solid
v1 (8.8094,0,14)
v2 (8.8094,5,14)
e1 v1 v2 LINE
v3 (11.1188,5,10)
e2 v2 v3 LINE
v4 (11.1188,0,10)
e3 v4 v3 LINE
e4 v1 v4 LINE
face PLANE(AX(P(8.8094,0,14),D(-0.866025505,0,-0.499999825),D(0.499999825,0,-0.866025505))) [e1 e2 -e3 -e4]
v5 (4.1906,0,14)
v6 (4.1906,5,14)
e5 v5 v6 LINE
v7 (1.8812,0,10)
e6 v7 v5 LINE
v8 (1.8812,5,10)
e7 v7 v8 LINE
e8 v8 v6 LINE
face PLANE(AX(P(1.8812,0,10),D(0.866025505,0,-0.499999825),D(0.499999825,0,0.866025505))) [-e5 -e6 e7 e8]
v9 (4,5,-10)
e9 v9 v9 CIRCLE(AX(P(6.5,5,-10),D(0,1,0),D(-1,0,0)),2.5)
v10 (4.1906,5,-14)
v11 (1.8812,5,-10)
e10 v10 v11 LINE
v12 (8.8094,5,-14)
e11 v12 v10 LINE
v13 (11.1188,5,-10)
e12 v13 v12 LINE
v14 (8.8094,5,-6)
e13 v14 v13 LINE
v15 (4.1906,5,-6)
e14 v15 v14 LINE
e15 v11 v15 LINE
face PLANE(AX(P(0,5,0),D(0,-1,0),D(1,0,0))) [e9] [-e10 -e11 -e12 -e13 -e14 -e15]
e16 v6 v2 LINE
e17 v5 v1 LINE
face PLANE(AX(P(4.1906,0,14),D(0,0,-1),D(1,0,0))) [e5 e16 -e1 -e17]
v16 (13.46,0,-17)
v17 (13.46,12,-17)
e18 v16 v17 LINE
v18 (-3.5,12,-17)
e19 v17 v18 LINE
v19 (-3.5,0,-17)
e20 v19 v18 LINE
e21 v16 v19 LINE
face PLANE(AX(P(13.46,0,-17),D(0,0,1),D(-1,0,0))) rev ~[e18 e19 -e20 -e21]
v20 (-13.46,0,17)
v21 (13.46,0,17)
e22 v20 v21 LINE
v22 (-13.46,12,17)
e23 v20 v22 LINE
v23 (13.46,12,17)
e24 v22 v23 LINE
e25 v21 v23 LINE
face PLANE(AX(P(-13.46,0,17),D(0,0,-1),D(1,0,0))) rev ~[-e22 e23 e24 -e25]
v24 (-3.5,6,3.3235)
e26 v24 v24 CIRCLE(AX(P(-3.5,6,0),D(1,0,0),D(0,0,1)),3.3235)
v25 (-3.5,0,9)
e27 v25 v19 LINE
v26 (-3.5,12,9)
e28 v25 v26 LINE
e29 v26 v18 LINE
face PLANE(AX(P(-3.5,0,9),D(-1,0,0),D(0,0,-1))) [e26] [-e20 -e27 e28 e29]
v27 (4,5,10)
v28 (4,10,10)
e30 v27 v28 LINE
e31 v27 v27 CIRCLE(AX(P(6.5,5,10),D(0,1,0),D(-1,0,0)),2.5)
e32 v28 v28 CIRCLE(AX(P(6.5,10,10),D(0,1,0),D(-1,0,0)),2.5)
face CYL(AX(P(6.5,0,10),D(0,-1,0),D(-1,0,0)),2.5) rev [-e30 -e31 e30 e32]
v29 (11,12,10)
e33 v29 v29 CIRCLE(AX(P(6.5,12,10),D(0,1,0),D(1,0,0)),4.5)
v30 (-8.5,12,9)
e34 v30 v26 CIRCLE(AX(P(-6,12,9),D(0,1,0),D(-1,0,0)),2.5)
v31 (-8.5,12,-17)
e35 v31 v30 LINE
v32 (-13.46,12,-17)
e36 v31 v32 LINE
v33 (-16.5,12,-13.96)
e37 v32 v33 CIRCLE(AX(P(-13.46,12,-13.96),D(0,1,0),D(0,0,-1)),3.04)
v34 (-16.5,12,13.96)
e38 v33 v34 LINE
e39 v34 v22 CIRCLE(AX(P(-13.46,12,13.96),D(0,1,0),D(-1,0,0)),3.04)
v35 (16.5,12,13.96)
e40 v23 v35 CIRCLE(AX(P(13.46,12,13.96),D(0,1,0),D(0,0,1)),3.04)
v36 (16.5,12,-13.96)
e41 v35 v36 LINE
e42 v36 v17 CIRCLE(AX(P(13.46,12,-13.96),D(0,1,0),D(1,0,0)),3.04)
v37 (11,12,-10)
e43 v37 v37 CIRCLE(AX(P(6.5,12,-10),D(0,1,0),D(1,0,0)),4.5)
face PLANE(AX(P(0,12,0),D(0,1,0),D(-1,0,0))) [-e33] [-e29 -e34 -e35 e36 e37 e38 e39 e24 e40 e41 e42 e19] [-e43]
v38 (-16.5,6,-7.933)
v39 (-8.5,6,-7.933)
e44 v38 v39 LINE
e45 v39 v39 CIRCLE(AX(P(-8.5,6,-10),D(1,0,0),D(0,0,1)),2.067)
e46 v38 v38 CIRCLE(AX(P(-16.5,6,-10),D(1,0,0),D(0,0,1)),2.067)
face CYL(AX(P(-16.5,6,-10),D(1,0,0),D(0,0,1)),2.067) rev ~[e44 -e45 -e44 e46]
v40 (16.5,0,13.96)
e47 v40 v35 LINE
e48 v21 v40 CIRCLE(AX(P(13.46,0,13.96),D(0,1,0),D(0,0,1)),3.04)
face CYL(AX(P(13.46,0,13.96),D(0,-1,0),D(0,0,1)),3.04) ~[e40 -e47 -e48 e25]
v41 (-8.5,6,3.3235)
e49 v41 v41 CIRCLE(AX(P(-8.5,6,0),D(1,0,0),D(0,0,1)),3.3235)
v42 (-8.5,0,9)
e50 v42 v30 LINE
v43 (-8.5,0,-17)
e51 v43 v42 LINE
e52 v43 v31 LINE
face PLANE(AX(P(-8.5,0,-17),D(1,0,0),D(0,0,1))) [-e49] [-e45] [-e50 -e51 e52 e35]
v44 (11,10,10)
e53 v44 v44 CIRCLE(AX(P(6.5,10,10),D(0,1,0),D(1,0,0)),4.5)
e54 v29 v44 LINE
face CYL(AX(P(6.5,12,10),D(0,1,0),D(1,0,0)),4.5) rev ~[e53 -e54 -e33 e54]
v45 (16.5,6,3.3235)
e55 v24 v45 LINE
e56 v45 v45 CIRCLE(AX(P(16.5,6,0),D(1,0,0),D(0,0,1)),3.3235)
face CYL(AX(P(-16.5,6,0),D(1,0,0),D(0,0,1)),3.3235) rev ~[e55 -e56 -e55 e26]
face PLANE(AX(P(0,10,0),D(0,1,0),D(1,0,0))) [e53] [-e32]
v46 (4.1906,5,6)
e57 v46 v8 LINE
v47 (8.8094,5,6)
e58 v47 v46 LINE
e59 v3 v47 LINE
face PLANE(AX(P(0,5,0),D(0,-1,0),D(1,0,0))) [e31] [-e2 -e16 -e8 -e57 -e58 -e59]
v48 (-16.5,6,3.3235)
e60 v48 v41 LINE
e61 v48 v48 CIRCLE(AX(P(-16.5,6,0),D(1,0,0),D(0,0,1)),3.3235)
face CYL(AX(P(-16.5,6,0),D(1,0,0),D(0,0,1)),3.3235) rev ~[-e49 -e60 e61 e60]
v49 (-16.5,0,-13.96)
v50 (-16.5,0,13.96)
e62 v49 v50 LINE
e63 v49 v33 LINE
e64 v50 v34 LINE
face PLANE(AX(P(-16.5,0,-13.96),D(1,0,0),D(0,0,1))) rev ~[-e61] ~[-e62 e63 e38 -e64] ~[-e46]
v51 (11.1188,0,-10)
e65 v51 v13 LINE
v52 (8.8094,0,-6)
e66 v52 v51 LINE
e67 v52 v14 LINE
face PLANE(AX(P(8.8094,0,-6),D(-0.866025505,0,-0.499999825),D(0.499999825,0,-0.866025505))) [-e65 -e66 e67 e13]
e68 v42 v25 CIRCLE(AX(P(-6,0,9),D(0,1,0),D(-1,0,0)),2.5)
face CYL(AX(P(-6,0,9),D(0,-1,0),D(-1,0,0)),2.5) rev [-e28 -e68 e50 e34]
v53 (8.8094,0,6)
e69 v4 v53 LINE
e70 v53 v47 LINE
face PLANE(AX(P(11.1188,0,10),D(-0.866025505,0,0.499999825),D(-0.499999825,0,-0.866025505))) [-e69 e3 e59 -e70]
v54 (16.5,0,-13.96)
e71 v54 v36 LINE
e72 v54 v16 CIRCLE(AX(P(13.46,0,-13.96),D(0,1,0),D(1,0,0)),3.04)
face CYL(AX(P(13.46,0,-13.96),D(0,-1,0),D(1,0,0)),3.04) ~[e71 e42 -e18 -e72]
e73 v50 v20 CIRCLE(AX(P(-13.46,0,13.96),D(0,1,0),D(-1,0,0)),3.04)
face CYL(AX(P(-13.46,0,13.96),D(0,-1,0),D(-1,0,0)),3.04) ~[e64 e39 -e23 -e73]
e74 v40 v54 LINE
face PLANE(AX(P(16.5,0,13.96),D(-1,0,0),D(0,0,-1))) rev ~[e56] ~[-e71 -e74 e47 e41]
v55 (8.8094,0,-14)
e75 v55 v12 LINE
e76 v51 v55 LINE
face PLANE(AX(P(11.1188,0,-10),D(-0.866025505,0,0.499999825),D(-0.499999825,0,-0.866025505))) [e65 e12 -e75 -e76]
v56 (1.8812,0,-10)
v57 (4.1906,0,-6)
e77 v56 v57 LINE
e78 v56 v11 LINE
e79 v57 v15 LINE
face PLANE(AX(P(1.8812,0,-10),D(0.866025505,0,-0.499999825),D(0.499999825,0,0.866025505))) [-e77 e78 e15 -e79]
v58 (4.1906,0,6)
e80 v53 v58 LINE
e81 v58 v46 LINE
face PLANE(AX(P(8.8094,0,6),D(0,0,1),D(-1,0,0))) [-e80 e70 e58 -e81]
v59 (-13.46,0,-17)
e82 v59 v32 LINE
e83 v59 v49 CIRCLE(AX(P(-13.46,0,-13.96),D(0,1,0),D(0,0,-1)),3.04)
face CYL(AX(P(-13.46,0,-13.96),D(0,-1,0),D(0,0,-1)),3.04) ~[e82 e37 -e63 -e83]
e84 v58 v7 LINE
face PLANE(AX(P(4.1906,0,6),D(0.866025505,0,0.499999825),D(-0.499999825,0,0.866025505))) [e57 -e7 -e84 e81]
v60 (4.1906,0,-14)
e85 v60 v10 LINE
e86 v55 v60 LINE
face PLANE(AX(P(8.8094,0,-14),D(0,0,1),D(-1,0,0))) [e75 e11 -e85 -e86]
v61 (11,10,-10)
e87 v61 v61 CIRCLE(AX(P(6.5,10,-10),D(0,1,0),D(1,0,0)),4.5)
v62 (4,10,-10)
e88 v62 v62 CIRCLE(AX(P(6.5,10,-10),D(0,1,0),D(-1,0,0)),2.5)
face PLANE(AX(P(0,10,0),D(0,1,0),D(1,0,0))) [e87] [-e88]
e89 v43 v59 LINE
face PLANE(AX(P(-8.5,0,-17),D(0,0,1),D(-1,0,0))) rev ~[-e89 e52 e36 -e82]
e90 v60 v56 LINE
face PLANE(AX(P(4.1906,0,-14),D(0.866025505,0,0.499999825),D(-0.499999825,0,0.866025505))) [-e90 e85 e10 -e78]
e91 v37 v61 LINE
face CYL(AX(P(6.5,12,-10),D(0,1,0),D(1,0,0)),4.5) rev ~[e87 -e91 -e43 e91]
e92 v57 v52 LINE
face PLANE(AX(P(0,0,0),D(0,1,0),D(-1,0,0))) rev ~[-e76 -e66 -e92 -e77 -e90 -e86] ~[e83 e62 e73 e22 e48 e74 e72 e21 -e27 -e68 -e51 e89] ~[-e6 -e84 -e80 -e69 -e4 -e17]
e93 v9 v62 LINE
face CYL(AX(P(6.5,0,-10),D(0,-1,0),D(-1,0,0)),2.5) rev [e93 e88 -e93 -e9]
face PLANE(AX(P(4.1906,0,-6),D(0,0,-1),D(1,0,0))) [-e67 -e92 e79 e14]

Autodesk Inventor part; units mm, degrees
ref_plane "YZ Plane" through (0, 0, 0) normal (1, 0, 0) x (0, 1, 0)
ref_plane "XZ Plane" through (0, 0, 0) normal (0, 1, 0) x (-1, 0, 0)
ref_plane "XY Plane" through (0, 0, 0) normal (0, 0, 1) x (1, 0, 0)
sketch "Sketch1" plane through (0, 0, 0) normal (0, 1, 0) x (-1, 0, 0)
  line L0 (13.46, 17) -> (-13.46, 17)
  line L1 (-16.5, 13.96) -> (-16.5, -13.96)
  line L2 (16.5, -13.96) -> (16.5, 13.96)
  line L3 (6, -19) -> (6, 9) construction
  line L4 (8.5, -17) -> (8.5, 9)
  line L5 (3.5, 9) -> (3.5, -17)
  arc A0 (8.5, 9) -> (3.5, 9) centre (6, 9) ccw
  circle A1 centre (-6.5, 10) radius 2.5
  circle A2 centre (-6.5, -10) radius 2.5
  line L6 (-13.46, -17) -> (3.5, -17)
  line L7 (8.5, -17) -> (13.46, -17)
  arc A3 (13.46, -17) -> (16.5, -13.96) centre (13.46, -13.96) ccw
  arc A4 (16.5, 13.96) -> (13.46, 17) centre (13.46, 13.96) ccw
  arc A5 (-13.46, 17) -> (-16.5, 13.96) centre (-13.46, 13.96) ccw
  arc A6 (-16.5, -13.96) -> (-13.46, -17) centre (-13.46, -13.96) ccw
  point P0 (0, 0)
  point P1 (-16.5, -17)
  point P2 (-16.5, 17)
  point P3 (16.5, -17)
  point P4 (16.5, 0)
  point P5 (0, -17)
  point P6 (6, -5)
  dimension "d0" = 33
  dimension "d1" = 34
  dimension "d2" = 5
  dimension "d4" = 28
  dimension "d5" = 8
  dimension "d6" = 5
  dimension "d7" = 5
  dimension "d8" = 20
  dimension "d9" = 10
  dimension "d10" = 7
  dimension "d11" = 3.04
extrude "Extrusion1" add sketch "Sketch1" along normal blind 12
sketch "Sketch2" plane through (-16.5, 0, -13.96) normal (-1, 0, 0) x (0, 0, 1)
  circle A0 centre (13.96, 6) radius 4
  circle A1 centre (3.96, 6) radius 2.5
  line L0 (0, 0) -> (27.92, 0) projected
  point P0 (13.96, 0)
  point P1 (13.96, 0)
  dimension "d14" = 8
  dimension "d15" = 5
  dimension "d16" = 6
  dimension "d17" = 10
hole "Hole1" at (-16.5, 6, 0) direction (1, 0, 0) diameter 6.647 depth 40 tip angle 118 thread size "M8x1.25" class "6H" standard "ISO Metric profile"
hole "Hole2" at (-16.5, 6, -10) direction (1, 0, 0) diameter 4.134 depth 10 tip angle 118 thread size "M5x0.8" class "6H" standard "ISO Metric profile"
sketch "Sketch3" plane through (0, 12, 0) normal (0, 1, 0) x (1, 0, 0)
  circle A0 centre (6.5, 10) radius 2.5 projected
  circle A1 centre (6.5, -10) radius 2.5 projected
  circle A2 centre (6.5, 10) radius 4.5
  circle A3 centre (6.5, -10) radius 4.5
  point P0 (0, 0)
  dimension "d32" = 9
  dimension "d33" = 9
extrude "Extrusion2" cut sketch "Sketch3" against normal blind 2
sketch "Sketch4" plane through (0, 0, 0) normal (0, -1, 0) x (1, 0, 0)
  circle A0 centre (6.5, 10) radius 2.5 projected
  circle A1 centre (6.5, -10) radius 2.5 projected
  line L0 (4.1906, 6) -> (1.8812, 10)
  line L1 (1.8812, 10) -> (4.1906, 14)
  line L2 (4.1906, 14) -> (8.8094, 14)
  line L3 (8.8094, 14) -> (11.1188, 10)
  line L4 (11.1188, 10) -> (8.8094, 6)
  line L5 (8.8094, 6) -> (4.1906, 6)
  line L6 (8.8094, -6) -> (11.1188, -10)
  line L7 (11.1188, -10) -> (8.8094, -14)
  line L8 (8.8094, -14) -> (4.1906, -14)
  line L9 (4.1906, -14) -> (1.8812, -10)
  line L10 (1.8812, -10) -> (4.1906, -6)
  line L11 (4.1906, -6) -> (8.8094, -6)
  point P0 (0, 0)
  dimension "d36" = 8
  dimension "d37" = 8
extrude "Extrusion3" cut sketch "Sketch4" against normal blind 5
properties part number "Anti-Backlash Nut Block" material "Aluminum 6061"
